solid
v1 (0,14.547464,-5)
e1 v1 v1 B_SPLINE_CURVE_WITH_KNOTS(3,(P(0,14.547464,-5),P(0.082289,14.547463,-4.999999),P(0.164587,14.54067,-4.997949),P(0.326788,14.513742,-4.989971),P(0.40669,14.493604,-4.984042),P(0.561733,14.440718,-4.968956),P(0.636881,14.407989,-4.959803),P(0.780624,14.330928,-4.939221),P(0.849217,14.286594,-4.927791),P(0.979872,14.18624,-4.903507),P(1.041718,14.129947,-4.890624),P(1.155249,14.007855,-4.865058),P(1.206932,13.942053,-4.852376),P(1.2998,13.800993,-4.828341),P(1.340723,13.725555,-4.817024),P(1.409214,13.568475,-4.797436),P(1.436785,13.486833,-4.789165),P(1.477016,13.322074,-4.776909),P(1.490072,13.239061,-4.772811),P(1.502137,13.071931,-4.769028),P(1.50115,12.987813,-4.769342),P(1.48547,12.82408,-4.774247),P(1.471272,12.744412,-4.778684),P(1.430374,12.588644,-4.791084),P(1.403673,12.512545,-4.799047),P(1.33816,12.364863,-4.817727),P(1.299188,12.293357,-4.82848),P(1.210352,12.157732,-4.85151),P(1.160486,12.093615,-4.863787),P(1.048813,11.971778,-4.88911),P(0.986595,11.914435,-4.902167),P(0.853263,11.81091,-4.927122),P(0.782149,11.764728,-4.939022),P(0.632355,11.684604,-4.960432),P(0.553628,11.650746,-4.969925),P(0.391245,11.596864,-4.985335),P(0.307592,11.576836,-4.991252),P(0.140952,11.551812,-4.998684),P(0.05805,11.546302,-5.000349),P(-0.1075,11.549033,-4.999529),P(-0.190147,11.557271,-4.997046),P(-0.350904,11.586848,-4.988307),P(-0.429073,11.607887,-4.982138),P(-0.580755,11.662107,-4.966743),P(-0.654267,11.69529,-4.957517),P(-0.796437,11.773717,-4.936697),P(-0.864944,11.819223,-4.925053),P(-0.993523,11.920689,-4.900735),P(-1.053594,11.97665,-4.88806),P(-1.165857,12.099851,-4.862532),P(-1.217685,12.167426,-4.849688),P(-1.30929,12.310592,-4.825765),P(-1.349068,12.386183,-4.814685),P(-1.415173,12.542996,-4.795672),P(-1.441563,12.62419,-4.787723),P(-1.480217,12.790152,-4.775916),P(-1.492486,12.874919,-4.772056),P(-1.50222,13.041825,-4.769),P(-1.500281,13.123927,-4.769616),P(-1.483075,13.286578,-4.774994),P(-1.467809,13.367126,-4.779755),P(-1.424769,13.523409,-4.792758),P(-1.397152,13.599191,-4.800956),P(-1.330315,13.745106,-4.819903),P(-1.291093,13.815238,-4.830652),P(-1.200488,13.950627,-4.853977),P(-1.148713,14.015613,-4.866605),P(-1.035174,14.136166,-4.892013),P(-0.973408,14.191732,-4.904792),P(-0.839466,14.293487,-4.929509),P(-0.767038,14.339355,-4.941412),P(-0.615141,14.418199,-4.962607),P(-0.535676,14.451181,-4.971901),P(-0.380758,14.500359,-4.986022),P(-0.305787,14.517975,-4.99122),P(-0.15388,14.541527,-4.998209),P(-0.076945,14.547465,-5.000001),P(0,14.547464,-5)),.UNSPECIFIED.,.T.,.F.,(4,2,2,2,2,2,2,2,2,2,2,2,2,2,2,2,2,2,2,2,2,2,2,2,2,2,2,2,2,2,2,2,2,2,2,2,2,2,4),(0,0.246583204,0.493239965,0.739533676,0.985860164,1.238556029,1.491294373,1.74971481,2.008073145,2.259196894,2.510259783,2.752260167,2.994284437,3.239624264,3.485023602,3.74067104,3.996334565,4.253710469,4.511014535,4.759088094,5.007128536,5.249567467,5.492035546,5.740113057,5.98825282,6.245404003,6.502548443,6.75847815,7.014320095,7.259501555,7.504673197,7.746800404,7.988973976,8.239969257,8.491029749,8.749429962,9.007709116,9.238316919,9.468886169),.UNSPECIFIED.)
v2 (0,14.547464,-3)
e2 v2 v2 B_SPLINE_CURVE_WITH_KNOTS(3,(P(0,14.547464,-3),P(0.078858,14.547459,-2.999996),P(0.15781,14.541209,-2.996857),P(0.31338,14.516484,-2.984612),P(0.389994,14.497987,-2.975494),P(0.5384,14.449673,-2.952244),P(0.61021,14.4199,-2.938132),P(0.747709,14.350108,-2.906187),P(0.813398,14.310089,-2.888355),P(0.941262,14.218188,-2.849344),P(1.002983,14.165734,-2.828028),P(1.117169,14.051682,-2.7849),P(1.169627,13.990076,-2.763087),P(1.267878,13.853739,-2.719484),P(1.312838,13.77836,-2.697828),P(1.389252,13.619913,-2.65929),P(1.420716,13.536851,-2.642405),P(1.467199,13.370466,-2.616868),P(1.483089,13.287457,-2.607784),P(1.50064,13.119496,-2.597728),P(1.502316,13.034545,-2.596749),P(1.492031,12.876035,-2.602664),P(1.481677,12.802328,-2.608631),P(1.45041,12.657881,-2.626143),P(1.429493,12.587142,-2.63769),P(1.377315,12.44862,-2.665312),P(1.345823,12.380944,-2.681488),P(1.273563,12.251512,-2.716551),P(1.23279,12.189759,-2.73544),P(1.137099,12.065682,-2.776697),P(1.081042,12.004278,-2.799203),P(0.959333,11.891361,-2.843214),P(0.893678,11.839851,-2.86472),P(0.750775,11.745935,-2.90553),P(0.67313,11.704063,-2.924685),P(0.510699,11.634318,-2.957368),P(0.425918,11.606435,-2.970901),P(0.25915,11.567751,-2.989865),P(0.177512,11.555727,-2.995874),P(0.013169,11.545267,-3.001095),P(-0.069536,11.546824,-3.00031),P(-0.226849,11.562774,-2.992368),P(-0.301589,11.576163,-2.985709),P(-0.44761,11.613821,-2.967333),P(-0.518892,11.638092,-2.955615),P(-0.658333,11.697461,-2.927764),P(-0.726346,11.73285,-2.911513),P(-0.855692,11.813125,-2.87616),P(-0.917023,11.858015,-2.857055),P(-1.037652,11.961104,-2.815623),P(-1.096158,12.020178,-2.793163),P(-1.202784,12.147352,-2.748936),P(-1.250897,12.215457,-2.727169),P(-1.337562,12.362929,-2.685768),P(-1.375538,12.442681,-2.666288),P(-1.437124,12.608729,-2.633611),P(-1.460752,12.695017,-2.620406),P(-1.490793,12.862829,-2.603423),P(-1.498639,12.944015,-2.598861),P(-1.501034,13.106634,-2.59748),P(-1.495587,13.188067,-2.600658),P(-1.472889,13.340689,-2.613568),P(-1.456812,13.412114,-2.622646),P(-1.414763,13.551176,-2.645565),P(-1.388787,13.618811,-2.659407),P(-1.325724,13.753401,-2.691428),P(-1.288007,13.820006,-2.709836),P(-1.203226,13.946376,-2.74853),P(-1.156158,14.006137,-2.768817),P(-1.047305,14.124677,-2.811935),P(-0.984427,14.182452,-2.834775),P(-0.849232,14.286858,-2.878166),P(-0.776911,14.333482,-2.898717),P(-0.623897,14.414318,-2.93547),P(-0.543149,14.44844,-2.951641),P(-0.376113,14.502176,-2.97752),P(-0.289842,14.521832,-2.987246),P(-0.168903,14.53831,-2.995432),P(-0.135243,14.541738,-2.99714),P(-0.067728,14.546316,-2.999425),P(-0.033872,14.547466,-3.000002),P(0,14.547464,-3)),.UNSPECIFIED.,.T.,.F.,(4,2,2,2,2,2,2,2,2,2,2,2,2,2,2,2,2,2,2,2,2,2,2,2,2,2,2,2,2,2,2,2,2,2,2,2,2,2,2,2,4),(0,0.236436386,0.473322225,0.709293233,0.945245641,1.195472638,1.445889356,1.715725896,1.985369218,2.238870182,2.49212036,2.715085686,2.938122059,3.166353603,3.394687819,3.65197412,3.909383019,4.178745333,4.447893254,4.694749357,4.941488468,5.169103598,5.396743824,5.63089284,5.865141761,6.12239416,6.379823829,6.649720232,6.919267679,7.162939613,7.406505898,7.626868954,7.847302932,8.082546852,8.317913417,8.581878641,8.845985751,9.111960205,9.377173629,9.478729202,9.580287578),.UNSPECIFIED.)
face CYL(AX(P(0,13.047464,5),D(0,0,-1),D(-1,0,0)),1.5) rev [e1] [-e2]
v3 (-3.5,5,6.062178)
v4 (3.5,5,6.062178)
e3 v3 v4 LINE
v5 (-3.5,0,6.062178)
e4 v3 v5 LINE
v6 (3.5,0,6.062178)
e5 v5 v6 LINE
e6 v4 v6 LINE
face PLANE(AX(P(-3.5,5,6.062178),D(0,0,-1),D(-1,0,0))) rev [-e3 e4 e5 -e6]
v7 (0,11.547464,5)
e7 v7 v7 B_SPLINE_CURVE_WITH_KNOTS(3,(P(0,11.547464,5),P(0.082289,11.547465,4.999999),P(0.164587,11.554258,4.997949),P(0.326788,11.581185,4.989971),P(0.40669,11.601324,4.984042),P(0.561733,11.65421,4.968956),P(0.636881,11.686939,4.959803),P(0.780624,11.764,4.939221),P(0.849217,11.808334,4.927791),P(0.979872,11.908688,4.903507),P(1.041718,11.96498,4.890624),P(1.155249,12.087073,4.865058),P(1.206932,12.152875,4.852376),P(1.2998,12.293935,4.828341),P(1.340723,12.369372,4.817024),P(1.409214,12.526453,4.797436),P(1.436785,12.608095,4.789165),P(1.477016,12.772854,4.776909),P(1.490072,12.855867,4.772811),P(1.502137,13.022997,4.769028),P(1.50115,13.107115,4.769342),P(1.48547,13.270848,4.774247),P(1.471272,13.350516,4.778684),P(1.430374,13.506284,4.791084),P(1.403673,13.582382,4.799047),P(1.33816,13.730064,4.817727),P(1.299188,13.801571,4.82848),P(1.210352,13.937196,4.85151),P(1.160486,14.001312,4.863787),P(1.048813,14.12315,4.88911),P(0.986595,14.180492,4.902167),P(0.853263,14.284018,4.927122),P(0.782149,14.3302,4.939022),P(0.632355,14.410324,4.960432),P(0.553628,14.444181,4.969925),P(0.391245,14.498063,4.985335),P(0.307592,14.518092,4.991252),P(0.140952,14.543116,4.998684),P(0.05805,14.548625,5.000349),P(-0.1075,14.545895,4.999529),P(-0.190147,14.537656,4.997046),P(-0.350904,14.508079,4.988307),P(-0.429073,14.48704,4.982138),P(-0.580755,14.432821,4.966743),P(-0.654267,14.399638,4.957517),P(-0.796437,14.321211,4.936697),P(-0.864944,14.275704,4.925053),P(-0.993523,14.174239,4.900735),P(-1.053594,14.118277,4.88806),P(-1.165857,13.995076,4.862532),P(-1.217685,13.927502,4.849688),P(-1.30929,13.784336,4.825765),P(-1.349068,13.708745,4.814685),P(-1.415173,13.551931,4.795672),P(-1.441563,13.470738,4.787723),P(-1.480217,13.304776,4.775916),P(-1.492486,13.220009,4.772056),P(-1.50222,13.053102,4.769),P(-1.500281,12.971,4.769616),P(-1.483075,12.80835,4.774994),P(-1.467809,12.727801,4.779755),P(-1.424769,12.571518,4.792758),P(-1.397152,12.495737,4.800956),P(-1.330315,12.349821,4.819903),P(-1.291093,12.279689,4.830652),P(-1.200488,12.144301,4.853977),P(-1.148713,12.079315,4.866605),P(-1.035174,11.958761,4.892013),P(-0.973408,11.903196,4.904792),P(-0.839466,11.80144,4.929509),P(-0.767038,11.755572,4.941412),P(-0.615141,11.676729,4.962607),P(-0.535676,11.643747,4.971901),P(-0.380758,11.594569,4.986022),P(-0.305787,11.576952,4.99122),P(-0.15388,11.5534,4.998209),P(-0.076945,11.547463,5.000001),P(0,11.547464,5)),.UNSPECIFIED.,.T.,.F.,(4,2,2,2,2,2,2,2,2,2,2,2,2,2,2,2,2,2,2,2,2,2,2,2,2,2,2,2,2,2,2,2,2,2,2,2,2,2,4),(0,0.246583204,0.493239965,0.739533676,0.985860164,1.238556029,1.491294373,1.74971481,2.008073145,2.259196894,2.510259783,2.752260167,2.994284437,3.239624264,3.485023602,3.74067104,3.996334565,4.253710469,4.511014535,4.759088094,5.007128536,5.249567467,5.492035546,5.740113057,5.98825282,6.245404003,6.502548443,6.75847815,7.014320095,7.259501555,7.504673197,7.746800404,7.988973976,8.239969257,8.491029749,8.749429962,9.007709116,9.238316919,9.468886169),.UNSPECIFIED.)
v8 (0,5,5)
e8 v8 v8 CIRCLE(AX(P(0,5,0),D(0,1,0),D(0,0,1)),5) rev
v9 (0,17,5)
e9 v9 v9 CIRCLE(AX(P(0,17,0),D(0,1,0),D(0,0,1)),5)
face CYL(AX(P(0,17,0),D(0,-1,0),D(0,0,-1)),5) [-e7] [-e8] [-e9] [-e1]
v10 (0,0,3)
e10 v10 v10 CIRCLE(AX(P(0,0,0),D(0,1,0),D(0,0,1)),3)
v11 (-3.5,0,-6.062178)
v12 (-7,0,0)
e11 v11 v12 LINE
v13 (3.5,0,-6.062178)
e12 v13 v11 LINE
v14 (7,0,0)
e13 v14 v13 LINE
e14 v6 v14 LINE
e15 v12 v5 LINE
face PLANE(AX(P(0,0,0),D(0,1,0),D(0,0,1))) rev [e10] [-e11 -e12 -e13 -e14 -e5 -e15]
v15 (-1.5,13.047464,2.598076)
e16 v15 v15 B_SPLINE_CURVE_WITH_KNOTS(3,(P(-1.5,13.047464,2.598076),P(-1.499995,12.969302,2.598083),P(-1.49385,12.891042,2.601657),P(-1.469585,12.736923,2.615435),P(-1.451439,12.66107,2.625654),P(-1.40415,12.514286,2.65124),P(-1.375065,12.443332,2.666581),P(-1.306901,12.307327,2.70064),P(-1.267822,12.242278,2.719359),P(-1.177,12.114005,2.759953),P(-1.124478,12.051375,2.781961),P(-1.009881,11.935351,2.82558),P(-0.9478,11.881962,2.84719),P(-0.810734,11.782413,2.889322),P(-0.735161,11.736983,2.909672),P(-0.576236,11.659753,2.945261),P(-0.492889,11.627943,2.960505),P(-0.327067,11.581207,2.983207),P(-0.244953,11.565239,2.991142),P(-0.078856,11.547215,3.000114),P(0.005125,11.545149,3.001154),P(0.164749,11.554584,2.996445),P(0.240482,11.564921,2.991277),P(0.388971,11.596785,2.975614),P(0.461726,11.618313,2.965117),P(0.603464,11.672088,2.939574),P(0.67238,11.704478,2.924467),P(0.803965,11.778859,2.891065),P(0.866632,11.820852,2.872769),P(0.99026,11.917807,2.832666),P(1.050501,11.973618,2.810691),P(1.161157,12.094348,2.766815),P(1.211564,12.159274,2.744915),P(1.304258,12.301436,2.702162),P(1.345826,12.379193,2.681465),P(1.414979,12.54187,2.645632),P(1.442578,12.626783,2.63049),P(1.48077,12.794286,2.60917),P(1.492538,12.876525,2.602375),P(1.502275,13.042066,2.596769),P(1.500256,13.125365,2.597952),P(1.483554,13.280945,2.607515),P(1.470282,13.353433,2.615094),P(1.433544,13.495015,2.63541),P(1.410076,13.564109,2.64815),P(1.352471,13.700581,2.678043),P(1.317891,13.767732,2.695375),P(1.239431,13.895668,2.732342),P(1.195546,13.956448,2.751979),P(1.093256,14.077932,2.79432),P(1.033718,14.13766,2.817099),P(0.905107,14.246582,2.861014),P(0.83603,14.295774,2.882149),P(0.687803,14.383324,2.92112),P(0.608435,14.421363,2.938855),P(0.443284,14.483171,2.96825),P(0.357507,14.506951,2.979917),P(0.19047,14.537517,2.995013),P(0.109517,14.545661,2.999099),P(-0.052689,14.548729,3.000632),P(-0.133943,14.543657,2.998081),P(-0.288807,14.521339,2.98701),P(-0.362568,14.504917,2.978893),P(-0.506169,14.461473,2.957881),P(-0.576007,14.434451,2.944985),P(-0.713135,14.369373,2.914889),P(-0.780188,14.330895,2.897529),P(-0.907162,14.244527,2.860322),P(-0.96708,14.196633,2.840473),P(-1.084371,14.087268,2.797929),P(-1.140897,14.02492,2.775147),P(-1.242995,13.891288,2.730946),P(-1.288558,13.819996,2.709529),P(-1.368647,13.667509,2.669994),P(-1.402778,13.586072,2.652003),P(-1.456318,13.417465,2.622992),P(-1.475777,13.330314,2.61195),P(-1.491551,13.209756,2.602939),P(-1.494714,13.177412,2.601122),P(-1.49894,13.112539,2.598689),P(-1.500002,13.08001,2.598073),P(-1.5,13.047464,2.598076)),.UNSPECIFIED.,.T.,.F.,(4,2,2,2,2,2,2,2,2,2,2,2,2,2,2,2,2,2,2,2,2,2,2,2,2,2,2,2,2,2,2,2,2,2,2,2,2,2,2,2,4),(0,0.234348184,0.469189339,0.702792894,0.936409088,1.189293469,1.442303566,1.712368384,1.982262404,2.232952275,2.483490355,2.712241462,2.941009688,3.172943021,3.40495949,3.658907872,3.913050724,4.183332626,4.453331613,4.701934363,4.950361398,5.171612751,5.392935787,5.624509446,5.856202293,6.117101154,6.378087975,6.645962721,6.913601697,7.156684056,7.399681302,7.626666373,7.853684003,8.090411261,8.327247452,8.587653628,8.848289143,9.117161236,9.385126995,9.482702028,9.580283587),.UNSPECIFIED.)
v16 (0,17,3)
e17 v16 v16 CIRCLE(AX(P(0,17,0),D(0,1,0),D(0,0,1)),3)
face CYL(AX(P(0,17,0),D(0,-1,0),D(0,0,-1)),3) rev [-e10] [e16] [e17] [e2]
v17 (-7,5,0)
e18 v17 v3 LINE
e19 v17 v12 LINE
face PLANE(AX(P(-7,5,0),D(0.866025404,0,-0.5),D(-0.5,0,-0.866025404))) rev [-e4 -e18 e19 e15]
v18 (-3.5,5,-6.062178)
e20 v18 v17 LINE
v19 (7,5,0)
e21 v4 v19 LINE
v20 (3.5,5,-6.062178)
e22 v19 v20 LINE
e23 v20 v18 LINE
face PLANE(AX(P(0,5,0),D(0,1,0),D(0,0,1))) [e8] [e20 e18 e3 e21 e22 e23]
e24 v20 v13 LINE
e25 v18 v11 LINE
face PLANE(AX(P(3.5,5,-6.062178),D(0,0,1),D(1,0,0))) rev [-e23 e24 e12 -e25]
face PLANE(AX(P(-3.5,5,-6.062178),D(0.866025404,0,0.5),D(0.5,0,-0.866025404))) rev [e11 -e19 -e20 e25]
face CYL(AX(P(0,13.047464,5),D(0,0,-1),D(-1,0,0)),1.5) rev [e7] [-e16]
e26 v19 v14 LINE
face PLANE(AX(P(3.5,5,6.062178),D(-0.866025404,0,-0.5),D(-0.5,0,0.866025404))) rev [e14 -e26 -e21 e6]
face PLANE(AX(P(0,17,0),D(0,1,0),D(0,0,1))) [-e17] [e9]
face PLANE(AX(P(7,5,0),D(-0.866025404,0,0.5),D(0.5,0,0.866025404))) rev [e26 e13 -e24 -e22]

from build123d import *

# Parameters (mm, degrees)
EXTRUDE_1_DEPTH          = 5
SKETCH_3_R               = 5
EXTRUDE_2_DEPTH          = 17
SKETCH_4_R               = 3
CUT_EXTRUDE_1_DEPTH      = 17
SKETCH_6_R               = 1.5
CUT_EXTRUDE_2_DEPTH      = 5
CUT_EXTRUDE_2_DEPTH_BACK = 5


with BuildPart() as part:
    # 草图1 → 凸台-拉伸1 (new body)
    with BuildSketch(Plane(origin=(0, 0, 0), x_dir=(1, 0, 0), z_dir=(0, 1, 0))):
        Polygon((-7, 0), (-3.5, -6.062177826), (3.5, -6.062177826), (7, 0), (3.5, 6.062177826), (-3.5, 6.062177826), align=None)
    extrude(amount=EXTRUDE_1_DEPTH)

    # 草图3 → 凸台-拉伸2 (add)
    with BuildSketch(Plane(origin=(0, 0, 0), x_dir=(1, 0, 0), z_dir=(0, 1, 0))):
        Circle(SKETCH_3_R)
    extrude(amount=EXTRUDE_2_DEPTH)

    # 草图4 → 切除-拉伸1 (cut)
    with BuildSketch(Plane(origin=(0, 0, 0), x_dir=(1, 0, 0), z_dir=(0, 1, 0))):
        Circle(SKETCH_4_R)
    extrude(amount=CUT_EXTRUDE_1_DEPTH, mode=Mode.SUBTRACT)

    # 草图6 → 切除-拉伸2 (cut, two sides)
    with BuildSketch(Plane.XY) as cut_extrude_2_sk:
        with Locations((0, 13.047463788)):
            Circle(SKETCH_6_R)
    extrude(amount=CUT_EXTRUDE_2_DEPTH, mode=Mode.SUBTRACT)
    extrude(cut_extrude_2_sk.sketch, amount=-CUT_EXTRUDE_2_DEPTH_BACK, mode=Mode.SUBTRACT)


solid = part.part
